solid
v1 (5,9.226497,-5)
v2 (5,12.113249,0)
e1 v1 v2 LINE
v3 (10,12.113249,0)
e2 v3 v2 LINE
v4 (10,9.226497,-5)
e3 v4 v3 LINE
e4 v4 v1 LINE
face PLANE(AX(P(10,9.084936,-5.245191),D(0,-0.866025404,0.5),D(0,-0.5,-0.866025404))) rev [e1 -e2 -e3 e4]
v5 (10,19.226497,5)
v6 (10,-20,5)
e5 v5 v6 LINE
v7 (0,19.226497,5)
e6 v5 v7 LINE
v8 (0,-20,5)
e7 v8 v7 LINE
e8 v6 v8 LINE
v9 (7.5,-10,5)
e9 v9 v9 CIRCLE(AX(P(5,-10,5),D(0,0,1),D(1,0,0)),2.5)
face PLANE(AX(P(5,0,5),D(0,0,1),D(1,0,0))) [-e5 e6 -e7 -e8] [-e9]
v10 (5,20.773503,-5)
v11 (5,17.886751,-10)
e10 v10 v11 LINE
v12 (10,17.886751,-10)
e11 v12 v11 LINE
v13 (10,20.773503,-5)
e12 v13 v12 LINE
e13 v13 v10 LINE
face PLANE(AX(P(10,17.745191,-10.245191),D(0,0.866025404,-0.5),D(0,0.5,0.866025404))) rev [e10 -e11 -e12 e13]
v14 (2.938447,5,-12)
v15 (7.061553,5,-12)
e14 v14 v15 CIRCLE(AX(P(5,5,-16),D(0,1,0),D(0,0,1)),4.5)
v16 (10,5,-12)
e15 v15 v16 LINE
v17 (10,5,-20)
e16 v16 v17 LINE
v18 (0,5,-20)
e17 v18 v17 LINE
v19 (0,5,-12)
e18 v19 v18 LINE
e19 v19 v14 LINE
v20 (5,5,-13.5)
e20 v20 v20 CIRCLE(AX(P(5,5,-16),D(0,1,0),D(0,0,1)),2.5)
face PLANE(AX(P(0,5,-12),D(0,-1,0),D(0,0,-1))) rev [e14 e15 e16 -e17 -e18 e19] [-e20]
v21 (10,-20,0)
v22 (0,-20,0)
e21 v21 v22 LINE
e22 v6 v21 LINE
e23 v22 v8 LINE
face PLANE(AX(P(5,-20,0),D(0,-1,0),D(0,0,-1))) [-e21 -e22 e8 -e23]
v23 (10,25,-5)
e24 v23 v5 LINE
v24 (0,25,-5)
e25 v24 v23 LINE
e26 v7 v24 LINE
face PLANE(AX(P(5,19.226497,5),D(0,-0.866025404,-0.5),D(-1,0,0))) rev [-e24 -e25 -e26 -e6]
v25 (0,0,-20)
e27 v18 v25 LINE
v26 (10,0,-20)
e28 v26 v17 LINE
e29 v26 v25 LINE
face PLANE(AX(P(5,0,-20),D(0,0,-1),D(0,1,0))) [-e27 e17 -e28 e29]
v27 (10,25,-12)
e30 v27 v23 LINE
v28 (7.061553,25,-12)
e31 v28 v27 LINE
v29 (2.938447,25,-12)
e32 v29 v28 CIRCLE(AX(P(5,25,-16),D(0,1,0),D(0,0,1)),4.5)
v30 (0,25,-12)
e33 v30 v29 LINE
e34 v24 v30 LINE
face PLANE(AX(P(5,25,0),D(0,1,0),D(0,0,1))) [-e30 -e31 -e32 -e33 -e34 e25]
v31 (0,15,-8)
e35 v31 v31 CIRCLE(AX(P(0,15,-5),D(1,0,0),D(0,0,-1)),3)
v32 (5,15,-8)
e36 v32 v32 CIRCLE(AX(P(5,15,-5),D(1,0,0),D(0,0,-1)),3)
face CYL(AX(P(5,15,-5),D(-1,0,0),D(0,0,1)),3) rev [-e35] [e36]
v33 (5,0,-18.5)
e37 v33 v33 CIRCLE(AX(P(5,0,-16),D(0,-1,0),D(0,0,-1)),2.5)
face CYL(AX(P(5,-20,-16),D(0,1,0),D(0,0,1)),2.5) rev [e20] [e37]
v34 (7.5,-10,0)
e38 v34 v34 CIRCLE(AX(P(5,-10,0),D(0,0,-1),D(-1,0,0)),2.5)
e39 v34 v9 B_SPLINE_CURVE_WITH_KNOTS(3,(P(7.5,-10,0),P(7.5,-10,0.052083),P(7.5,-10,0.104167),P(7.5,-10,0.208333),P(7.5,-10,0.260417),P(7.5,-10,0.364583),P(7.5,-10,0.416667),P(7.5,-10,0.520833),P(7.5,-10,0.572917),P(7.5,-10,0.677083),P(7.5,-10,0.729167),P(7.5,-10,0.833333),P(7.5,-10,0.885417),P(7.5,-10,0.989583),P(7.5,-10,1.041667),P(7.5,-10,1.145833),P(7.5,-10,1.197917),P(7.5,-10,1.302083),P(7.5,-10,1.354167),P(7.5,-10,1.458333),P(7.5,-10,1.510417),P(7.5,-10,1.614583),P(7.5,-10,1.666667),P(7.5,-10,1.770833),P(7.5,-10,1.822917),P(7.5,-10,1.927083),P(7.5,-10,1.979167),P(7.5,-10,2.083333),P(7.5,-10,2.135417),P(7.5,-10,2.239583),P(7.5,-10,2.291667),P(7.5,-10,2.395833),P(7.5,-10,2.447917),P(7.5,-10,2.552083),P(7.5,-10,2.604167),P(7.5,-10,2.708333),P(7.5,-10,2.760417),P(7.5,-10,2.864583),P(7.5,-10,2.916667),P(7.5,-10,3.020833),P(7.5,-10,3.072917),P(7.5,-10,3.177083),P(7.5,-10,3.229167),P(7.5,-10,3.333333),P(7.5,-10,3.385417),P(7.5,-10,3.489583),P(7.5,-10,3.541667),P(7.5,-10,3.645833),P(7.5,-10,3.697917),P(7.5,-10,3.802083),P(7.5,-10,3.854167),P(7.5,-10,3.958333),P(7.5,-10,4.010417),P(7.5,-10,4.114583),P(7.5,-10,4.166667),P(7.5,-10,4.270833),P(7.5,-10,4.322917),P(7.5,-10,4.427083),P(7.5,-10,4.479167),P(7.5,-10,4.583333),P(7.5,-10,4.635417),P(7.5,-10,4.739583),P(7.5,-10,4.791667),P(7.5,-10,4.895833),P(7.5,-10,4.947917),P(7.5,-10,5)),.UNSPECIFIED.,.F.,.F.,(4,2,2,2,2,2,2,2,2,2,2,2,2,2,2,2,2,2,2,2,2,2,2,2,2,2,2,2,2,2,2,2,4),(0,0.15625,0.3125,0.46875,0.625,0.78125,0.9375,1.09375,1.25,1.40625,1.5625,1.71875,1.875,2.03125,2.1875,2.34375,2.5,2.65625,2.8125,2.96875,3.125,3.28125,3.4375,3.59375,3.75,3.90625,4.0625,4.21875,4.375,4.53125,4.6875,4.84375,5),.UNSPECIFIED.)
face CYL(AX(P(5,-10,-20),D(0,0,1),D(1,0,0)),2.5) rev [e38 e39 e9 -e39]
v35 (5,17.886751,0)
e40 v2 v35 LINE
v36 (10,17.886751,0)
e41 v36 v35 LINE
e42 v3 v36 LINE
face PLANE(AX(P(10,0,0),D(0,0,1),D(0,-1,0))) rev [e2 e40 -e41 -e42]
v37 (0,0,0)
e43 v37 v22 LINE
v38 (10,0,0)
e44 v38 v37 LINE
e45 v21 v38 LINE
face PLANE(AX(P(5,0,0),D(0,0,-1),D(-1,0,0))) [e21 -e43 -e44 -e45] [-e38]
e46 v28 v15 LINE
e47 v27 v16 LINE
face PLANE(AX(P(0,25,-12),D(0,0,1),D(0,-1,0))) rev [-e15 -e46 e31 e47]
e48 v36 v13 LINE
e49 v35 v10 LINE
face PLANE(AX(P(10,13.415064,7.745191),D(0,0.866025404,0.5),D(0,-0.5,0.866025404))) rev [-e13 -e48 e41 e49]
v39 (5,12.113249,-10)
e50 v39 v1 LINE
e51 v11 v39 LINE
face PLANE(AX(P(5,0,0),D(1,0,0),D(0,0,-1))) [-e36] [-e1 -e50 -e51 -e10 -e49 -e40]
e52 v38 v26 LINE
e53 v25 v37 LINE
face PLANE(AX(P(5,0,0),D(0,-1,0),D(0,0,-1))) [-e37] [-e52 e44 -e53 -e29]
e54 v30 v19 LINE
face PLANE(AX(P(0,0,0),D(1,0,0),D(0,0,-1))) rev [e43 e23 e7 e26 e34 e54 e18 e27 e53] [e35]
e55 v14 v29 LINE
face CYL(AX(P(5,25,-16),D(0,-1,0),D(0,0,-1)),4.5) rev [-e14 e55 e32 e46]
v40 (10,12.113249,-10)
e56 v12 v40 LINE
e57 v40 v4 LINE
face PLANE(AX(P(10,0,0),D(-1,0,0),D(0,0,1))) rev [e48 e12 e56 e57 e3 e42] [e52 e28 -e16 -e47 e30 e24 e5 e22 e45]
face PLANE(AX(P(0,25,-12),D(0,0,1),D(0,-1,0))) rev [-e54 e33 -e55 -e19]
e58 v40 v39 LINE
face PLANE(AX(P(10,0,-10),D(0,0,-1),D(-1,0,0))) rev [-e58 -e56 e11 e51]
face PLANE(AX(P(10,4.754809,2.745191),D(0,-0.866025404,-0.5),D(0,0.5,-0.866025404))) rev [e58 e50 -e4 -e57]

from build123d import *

# Parameters (mm, degrees)
SKETCH_1_R          = 3
EXTRUDE_1_DEPTH     = 5
EXTRUDE_START       = 5
EXTRUDE_2_DEPTH     = 5
SKETCH_3_R          = 2.5
CUT_EXTRUDE_1_DEPTH = 37.742346142
CHAMFER_1_SIZE      = 10
CHAMFER_1_SIZE2     = 5.773502692
SKETCH_4_W          = 8
SKETCH_4_H          = 20
CUT_EXTRUDE_2_DEPTH = 34.541019662
SKETCH_5_R          = 4.5
CUT_EXTRUDE_3_DEPTH = 34.541019662
CUT_EXTRUDE_4_DEPTH = 34.541019662


with BuildPart() as part:
    # 스케치1 → 보스-돌출1 (new body)
    # profile 1 of 2: a face of its own
    with BuildSketch(Plane(origin=(0, 0, 0), x_dir=(0, 0, -1), z_dir=(1, 0, 0))):
        Polygon((20, 0), (0, 0), (0, -20), (-5, -20), (-5, 25), (20, 25), align=None)
        Polygon((10, 17.886751346), (5, 20.773502692), (0, 17.886751346), (0, 12.113248654), (5, 9.226497308), (10, 12.113248654), align=None, mode=Mode.SUBTRACT)
    # profile 2 of 2: a face of its own
    with BuildSketch(Plane(origin=(0, 0, 0), x_dir=(0, 0, -1), z_dir=(1, 0, 0))):
        Polygon((10, 12.113248654), (10, 17.886751346), (5, 20.773502692), (0, 17.886751346), (0, 12.113248654), (5, 9.226497308), align=None)
        with Locations((5, 15)):
            Circle(SKETCH_1_R, mode=Mode.SUBTRACT)
    extrude(amount=EXTRUDE_1_DEPTH)

    # 스케치1<3> → 보스-돌출2 (add)
    with BuildSketch(Plane(origin=(0, 0, 0), x_dir=(0, 0, -1), z_dir=(1, 0, 0)).offset(EXTRUDE_START)):
        Polygon((20, 0), (0, 0), (0, -20), (-5, -20), (-5, 25), (20, 25), align=None)
        Polygon((10, 17.886751346), (5, 20.773502692), (0, 17.886751346), (0, 12.113248654), (5, 9.226497308), (10, 12.113248654), align=None, mode=Mode.SUBTRACT)
    extrude(amount=EXTRUDE_2_DEPTH)

    # 스케치3 → 컷-돌출1 (cut, through all)
    with BuildSketch(Plane.XY.offset(5)):
        with Locations((5, -10)):
            Circle(SKETCH_3_R)
    extrude(amount=-CUT_EXTRUDE_1_DEPTH, mode=Mode.SUBTRACT)

    # 모따기1
    chamfer_1_edges = [part.edges().sort_by_distance(p)[0] for p in [
        (5, 25, 5),
    ]]
    chamfer_1_side = [part.faces().sort_by_distance(p)[0] for p in [
        (5, 25, -7.5),
    ]]
    chamfer(chamfer_1_edges, length=CHAMFER_1_SIZE, length2=CHAMFER_1_SIZE2, reference=chamfer_1_side[0])

    # 스케치4 → 컷-돌출2 (cut, through all)
    with BuildSketch(Plane(origin=(10, 0, 0), x_dir=(0, 0, -1), z_dir=(1, 0, 0))):
        with Locations((16, 15)):
            Rectangle(SKETCH_4_W, SKETCH_4_H)
    extrude(amount=-CUT_EXTRUDE_2_DEPTH, mode=Mode.SUBTRACT)

    # 스케치5 → 컷-돌출3 (cut, through all)
    with BuildSketch(Plane(origin=(0, 5, 0), x_dir=(1, 0, 0), z_dir=(0, 1, 0))):
        with Locations((5, 16)):
            Circle(SKETCH_5_R)
    extrude(amount=CUT_EXTRUDE_3_DEPTH, mode=Mode.SUBTRACT)

    # 스케치5<3> → 컷-돌출4 (cut, through all)
    with BuildSketch(Plane(origin=(0, 5, 0), x_dir=(1, 0, 0), z_dir=(0, 1, 0))):
        with BuildLine():
            ThreePointArc((5, 18.5), (2.5, 16), (5, 13.5))
            Line((5, 13.5), (5, 18.5))
        make_face()
        with BuildLine():
            Line((5, 18.5), (5, 13.5))
            ThreePointArc((5, 13.5), (6.767766953, 14.232233047), (7.5, 16))
            ThreePointArc((7.5, 16), (6.767766953, 17.767766953), (5, 18.5))
        make_face()
    extrude(amount=-CUT_EXTRUDE_4_DEPTH, mode=Mode.SUBTRACT)


solid = part.part
